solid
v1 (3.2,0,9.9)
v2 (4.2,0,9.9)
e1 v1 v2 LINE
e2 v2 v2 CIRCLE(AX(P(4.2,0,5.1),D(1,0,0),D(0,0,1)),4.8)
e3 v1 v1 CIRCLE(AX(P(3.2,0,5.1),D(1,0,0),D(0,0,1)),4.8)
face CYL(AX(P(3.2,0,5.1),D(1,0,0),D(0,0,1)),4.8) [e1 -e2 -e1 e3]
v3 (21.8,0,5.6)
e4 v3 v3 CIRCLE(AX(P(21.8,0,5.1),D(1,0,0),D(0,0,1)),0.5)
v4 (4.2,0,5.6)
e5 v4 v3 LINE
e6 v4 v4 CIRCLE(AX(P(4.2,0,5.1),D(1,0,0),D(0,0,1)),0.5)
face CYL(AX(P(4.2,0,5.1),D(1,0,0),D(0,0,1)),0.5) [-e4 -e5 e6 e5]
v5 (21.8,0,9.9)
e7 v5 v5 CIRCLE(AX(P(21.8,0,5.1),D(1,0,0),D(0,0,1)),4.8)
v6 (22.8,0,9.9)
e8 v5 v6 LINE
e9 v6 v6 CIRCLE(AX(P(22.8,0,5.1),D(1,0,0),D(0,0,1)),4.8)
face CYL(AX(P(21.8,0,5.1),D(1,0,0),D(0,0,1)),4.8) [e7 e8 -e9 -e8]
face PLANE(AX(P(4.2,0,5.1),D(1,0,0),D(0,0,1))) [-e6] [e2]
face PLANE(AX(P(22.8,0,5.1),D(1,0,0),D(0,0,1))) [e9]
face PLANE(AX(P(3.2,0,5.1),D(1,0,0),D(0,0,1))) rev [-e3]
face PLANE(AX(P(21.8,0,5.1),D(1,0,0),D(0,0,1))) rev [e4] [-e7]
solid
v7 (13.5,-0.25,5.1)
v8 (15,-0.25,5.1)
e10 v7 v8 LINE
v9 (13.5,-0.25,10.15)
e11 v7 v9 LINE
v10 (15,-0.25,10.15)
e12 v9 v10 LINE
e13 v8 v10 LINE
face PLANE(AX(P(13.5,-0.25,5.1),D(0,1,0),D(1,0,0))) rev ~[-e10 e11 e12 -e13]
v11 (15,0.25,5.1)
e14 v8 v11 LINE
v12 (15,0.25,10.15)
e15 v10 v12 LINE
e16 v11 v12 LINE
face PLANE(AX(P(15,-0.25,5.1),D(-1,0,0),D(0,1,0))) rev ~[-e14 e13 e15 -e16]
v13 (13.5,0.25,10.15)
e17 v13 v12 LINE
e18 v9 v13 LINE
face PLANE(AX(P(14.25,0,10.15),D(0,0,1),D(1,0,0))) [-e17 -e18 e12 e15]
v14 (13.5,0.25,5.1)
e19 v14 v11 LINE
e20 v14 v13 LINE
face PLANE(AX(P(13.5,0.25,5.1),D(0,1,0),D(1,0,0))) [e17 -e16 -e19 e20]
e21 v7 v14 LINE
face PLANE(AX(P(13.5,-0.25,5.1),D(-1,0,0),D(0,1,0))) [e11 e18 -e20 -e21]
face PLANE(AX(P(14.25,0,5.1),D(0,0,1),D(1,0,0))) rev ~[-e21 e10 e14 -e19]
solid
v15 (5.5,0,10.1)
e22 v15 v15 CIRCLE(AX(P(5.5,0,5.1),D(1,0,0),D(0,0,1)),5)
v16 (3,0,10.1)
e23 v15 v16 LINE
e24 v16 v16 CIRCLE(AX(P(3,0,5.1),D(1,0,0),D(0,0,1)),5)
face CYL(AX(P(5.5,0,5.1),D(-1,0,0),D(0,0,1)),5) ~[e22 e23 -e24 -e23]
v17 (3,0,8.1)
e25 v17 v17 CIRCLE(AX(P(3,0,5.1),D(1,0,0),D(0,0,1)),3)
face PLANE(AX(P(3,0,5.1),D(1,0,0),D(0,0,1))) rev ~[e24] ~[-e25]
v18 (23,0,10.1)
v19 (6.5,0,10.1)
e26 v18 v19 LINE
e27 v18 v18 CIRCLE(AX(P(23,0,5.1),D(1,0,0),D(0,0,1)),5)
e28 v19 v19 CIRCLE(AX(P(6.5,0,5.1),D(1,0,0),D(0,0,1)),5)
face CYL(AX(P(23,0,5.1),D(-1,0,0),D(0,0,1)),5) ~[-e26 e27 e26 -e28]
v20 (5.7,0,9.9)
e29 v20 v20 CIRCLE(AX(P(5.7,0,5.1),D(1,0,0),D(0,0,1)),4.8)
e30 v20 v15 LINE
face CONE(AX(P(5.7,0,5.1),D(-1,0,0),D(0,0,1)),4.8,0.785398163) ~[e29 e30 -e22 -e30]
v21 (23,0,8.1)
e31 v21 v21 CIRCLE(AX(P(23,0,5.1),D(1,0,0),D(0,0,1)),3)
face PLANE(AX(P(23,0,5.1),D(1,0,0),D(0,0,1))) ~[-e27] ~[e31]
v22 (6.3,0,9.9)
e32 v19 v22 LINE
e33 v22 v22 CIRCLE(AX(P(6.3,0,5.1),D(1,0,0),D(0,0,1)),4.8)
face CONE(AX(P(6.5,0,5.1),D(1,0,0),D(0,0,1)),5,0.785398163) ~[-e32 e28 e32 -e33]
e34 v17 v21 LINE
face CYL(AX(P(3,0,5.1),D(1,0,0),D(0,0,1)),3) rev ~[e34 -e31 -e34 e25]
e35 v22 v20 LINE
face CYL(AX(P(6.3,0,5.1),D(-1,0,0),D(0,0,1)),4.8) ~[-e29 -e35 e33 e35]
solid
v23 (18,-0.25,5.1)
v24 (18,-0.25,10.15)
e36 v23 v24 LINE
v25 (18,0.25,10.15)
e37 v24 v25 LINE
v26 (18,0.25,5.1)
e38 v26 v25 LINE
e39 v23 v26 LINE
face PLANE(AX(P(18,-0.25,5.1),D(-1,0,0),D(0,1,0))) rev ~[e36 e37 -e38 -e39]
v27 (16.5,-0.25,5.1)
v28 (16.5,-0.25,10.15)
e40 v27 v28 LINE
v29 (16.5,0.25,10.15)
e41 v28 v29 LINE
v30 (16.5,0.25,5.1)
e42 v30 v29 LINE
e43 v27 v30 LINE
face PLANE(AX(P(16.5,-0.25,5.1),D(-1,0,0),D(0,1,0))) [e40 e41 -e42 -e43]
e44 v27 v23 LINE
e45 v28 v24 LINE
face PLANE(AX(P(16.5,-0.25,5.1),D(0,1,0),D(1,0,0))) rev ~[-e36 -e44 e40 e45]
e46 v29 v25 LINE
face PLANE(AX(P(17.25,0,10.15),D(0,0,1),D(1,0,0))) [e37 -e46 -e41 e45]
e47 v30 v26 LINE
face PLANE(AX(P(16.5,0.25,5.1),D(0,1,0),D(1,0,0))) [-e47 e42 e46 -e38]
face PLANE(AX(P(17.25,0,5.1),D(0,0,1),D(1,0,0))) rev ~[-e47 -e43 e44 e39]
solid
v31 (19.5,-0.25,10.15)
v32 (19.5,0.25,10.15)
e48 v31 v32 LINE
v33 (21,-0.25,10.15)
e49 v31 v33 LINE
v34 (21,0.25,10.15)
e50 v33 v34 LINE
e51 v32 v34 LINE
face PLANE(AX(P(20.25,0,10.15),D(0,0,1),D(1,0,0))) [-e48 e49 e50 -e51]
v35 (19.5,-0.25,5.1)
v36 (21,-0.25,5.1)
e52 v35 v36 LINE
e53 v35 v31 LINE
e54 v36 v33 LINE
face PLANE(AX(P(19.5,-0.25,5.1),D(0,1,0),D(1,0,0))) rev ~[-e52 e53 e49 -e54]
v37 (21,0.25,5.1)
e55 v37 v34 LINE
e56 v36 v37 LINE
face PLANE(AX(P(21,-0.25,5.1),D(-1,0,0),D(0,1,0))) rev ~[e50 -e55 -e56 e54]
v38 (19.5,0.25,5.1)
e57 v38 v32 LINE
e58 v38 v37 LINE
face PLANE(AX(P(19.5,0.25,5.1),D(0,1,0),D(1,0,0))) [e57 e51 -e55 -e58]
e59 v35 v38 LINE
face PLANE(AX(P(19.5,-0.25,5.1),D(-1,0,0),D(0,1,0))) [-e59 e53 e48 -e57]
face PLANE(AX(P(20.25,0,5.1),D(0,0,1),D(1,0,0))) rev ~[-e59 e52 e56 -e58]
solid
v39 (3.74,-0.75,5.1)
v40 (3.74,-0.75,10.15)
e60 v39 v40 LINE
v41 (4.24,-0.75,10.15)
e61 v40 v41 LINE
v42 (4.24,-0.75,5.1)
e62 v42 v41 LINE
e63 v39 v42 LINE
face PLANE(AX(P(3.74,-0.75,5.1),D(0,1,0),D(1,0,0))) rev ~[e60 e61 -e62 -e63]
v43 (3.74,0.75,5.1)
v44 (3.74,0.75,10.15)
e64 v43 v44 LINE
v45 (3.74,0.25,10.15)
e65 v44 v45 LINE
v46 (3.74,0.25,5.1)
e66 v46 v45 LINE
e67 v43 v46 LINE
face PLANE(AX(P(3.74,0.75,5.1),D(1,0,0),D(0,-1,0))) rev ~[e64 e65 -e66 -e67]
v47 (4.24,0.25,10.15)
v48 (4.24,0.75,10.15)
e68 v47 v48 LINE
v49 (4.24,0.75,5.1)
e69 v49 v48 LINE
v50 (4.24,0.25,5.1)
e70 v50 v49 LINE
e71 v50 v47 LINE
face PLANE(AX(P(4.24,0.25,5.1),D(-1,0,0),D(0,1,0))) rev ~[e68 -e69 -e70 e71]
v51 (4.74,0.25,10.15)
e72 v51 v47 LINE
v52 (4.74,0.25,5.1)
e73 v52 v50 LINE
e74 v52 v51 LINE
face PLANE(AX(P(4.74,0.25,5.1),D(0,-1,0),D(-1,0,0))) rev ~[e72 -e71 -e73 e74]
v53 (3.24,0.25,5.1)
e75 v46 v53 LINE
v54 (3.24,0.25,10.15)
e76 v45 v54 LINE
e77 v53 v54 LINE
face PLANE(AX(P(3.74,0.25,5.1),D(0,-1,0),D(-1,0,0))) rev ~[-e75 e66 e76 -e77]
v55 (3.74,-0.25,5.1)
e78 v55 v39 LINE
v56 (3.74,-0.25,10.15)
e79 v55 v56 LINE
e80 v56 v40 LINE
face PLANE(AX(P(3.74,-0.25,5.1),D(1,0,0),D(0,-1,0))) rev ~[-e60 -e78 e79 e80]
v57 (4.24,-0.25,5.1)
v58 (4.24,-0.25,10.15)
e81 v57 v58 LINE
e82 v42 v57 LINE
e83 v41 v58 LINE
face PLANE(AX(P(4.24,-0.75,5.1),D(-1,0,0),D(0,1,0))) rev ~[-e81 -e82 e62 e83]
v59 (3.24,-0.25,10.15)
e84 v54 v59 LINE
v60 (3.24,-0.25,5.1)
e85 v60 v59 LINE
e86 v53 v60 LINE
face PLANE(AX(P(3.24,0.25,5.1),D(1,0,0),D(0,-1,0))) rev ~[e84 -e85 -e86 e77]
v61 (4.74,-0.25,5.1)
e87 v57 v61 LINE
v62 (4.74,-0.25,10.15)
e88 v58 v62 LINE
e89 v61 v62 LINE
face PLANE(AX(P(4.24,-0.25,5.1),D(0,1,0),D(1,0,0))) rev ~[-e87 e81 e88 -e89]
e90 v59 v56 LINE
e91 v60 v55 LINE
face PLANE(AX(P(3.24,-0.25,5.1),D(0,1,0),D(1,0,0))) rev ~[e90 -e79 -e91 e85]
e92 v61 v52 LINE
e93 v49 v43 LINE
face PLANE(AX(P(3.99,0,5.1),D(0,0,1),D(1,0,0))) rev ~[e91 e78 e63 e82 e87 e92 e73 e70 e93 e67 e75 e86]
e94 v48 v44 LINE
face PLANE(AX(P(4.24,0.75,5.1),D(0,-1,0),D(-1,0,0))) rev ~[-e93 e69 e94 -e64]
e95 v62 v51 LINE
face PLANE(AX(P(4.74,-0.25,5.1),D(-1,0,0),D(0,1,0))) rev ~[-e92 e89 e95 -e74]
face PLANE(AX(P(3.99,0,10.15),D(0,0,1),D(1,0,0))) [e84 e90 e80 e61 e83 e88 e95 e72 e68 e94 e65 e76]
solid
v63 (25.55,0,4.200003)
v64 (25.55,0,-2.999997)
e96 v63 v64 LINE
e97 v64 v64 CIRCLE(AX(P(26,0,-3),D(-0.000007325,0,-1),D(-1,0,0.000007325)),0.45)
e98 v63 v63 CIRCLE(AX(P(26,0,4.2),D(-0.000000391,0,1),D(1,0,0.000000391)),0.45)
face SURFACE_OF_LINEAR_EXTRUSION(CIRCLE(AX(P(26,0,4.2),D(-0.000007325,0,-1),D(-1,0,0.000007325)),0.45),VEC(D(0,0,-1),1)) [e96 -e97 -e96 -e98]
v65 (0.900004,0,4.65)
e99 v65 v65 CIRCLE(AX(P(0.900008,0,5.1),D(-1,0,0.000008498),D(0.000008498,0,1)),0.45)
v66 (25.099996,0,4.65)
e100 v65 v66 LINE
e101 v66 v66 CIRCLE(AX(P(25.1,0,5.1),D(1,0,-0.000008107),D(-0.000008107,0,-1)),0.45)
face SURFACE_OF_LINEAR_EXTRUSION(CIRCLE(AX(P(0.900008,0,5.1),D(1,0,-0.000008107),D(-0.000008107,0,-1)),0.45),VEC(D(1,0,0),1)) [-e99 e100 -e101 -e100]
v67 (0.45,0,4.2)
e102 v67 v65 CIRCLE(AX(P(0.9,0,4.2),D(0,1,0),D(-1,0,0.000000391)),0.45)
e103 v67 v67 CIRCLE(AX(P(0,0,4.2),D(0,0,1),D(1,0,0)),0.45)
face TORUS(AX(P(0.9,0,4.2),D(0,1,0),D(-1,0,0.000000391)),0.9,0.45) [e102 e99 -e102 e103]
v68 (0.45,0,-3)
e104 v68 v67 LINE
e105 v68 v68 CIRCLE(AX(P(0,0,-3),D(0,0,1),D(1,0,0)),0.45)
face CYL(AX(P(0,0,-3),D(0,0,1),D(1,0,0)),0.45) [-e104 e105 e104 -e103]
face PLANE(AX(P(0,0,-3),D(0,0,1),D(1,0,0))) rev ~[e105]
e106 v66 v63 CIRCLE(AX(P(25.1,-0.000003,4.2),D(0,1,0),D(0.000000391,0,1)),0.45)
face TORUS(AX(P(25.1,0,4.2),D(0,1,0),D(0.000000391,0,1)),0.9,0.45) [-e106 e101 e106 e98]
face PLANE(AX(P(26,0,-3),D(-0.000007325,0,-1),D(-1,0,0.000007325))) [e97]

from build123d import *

# Parameters (mm, degrees)
SKETCH_R    = 0.45
SKETCH004_W = 1.5
SKETCH004_H = 0.5
PAD_DEPTH   = 5.05


with BuildPart() as sweep_body:
    # Sweep: sweep along a path in Sketch001
    with BuildLine(Plane.XZ) as sweep_path:
        Line((0, -3), (0, 4.2))
        ThreePointArc((0, 4.2), (0.263607, 4.836399), (0.900008, 5.1))
        Line((0.900008, 5.1), (25.1, 5.1))
        ThreePointArc((25.1, 5.1), (25.736396, 4.836396), (26, 4.2))
        Line((26, 4.2), (26, -3))
    # Sketch → Sweep (sweep)
    with BuildSketch(Plane.XY.offset(-2)):
        Circle(SKETCH_R)
    sweep(path=sweep_path.line)


with BuildPart() as revolution:
    # Sketch002 → Revolution (revolve)
    with BuildSketch(Plane.XZ):
        Polygon((3, 10.1), (3, 8.1), (23, 8.1), (23, 10.1), (6.5, 10.1), (6.3, 9.9), (5.7, 9.9), (5.5, 10.1), align=None)
    revolve(axis=Axis((6.97588, 0, 5.1), (1, 0, 0)))


with BuildPart() as revolution001:
    # Sketch003 → Revolution001 (revolve)
    with BuildSketch(Plane.XZ):
        Polygon((3.2, 9.9), (4.2, 9.9), (4.2, 5.6), (21.8, 5.6), (21.8, 9.9), (22.8, 9.9), (22.8, 5.1), (3.2, 5.1), align=None)
    revolve(axis=Axis((6.97588, 0, 5.1), (1, 0, 0)))


with BuildPart() as pad:
    # Sketch004 → Pad (new body)
    with BuildSketch(Plane.XY.offset(5.1)):
        with Locations((20.25, 0)):
            Rectangle(SKETCH004_W, SKETCH004_H)
        with Locations((17.25, 0)):
            Rectangle(SKETCH004_W, SKETCH004_H)
        with Locations((14.25, 0)):
            Rectangle(SKETCH004_W, SKETCH004_H)
        Polygon((3.74, 0.25), (3.24, 0.25), (3.24, -0.25), (3.74, -0.25), (3.74, -0.75), (4.24, -0.75), (4.24, -0.25), (4.74, -0.25), (4.74, 0.25), (4.24, 0.25), (4.24, 0.75), (3.74, 0.75), align=None)
    extrude(amount=PAD_DEPTH)


solid = Compound([sweep_body.part, revolution.part, revolution001.part, pad.part])
